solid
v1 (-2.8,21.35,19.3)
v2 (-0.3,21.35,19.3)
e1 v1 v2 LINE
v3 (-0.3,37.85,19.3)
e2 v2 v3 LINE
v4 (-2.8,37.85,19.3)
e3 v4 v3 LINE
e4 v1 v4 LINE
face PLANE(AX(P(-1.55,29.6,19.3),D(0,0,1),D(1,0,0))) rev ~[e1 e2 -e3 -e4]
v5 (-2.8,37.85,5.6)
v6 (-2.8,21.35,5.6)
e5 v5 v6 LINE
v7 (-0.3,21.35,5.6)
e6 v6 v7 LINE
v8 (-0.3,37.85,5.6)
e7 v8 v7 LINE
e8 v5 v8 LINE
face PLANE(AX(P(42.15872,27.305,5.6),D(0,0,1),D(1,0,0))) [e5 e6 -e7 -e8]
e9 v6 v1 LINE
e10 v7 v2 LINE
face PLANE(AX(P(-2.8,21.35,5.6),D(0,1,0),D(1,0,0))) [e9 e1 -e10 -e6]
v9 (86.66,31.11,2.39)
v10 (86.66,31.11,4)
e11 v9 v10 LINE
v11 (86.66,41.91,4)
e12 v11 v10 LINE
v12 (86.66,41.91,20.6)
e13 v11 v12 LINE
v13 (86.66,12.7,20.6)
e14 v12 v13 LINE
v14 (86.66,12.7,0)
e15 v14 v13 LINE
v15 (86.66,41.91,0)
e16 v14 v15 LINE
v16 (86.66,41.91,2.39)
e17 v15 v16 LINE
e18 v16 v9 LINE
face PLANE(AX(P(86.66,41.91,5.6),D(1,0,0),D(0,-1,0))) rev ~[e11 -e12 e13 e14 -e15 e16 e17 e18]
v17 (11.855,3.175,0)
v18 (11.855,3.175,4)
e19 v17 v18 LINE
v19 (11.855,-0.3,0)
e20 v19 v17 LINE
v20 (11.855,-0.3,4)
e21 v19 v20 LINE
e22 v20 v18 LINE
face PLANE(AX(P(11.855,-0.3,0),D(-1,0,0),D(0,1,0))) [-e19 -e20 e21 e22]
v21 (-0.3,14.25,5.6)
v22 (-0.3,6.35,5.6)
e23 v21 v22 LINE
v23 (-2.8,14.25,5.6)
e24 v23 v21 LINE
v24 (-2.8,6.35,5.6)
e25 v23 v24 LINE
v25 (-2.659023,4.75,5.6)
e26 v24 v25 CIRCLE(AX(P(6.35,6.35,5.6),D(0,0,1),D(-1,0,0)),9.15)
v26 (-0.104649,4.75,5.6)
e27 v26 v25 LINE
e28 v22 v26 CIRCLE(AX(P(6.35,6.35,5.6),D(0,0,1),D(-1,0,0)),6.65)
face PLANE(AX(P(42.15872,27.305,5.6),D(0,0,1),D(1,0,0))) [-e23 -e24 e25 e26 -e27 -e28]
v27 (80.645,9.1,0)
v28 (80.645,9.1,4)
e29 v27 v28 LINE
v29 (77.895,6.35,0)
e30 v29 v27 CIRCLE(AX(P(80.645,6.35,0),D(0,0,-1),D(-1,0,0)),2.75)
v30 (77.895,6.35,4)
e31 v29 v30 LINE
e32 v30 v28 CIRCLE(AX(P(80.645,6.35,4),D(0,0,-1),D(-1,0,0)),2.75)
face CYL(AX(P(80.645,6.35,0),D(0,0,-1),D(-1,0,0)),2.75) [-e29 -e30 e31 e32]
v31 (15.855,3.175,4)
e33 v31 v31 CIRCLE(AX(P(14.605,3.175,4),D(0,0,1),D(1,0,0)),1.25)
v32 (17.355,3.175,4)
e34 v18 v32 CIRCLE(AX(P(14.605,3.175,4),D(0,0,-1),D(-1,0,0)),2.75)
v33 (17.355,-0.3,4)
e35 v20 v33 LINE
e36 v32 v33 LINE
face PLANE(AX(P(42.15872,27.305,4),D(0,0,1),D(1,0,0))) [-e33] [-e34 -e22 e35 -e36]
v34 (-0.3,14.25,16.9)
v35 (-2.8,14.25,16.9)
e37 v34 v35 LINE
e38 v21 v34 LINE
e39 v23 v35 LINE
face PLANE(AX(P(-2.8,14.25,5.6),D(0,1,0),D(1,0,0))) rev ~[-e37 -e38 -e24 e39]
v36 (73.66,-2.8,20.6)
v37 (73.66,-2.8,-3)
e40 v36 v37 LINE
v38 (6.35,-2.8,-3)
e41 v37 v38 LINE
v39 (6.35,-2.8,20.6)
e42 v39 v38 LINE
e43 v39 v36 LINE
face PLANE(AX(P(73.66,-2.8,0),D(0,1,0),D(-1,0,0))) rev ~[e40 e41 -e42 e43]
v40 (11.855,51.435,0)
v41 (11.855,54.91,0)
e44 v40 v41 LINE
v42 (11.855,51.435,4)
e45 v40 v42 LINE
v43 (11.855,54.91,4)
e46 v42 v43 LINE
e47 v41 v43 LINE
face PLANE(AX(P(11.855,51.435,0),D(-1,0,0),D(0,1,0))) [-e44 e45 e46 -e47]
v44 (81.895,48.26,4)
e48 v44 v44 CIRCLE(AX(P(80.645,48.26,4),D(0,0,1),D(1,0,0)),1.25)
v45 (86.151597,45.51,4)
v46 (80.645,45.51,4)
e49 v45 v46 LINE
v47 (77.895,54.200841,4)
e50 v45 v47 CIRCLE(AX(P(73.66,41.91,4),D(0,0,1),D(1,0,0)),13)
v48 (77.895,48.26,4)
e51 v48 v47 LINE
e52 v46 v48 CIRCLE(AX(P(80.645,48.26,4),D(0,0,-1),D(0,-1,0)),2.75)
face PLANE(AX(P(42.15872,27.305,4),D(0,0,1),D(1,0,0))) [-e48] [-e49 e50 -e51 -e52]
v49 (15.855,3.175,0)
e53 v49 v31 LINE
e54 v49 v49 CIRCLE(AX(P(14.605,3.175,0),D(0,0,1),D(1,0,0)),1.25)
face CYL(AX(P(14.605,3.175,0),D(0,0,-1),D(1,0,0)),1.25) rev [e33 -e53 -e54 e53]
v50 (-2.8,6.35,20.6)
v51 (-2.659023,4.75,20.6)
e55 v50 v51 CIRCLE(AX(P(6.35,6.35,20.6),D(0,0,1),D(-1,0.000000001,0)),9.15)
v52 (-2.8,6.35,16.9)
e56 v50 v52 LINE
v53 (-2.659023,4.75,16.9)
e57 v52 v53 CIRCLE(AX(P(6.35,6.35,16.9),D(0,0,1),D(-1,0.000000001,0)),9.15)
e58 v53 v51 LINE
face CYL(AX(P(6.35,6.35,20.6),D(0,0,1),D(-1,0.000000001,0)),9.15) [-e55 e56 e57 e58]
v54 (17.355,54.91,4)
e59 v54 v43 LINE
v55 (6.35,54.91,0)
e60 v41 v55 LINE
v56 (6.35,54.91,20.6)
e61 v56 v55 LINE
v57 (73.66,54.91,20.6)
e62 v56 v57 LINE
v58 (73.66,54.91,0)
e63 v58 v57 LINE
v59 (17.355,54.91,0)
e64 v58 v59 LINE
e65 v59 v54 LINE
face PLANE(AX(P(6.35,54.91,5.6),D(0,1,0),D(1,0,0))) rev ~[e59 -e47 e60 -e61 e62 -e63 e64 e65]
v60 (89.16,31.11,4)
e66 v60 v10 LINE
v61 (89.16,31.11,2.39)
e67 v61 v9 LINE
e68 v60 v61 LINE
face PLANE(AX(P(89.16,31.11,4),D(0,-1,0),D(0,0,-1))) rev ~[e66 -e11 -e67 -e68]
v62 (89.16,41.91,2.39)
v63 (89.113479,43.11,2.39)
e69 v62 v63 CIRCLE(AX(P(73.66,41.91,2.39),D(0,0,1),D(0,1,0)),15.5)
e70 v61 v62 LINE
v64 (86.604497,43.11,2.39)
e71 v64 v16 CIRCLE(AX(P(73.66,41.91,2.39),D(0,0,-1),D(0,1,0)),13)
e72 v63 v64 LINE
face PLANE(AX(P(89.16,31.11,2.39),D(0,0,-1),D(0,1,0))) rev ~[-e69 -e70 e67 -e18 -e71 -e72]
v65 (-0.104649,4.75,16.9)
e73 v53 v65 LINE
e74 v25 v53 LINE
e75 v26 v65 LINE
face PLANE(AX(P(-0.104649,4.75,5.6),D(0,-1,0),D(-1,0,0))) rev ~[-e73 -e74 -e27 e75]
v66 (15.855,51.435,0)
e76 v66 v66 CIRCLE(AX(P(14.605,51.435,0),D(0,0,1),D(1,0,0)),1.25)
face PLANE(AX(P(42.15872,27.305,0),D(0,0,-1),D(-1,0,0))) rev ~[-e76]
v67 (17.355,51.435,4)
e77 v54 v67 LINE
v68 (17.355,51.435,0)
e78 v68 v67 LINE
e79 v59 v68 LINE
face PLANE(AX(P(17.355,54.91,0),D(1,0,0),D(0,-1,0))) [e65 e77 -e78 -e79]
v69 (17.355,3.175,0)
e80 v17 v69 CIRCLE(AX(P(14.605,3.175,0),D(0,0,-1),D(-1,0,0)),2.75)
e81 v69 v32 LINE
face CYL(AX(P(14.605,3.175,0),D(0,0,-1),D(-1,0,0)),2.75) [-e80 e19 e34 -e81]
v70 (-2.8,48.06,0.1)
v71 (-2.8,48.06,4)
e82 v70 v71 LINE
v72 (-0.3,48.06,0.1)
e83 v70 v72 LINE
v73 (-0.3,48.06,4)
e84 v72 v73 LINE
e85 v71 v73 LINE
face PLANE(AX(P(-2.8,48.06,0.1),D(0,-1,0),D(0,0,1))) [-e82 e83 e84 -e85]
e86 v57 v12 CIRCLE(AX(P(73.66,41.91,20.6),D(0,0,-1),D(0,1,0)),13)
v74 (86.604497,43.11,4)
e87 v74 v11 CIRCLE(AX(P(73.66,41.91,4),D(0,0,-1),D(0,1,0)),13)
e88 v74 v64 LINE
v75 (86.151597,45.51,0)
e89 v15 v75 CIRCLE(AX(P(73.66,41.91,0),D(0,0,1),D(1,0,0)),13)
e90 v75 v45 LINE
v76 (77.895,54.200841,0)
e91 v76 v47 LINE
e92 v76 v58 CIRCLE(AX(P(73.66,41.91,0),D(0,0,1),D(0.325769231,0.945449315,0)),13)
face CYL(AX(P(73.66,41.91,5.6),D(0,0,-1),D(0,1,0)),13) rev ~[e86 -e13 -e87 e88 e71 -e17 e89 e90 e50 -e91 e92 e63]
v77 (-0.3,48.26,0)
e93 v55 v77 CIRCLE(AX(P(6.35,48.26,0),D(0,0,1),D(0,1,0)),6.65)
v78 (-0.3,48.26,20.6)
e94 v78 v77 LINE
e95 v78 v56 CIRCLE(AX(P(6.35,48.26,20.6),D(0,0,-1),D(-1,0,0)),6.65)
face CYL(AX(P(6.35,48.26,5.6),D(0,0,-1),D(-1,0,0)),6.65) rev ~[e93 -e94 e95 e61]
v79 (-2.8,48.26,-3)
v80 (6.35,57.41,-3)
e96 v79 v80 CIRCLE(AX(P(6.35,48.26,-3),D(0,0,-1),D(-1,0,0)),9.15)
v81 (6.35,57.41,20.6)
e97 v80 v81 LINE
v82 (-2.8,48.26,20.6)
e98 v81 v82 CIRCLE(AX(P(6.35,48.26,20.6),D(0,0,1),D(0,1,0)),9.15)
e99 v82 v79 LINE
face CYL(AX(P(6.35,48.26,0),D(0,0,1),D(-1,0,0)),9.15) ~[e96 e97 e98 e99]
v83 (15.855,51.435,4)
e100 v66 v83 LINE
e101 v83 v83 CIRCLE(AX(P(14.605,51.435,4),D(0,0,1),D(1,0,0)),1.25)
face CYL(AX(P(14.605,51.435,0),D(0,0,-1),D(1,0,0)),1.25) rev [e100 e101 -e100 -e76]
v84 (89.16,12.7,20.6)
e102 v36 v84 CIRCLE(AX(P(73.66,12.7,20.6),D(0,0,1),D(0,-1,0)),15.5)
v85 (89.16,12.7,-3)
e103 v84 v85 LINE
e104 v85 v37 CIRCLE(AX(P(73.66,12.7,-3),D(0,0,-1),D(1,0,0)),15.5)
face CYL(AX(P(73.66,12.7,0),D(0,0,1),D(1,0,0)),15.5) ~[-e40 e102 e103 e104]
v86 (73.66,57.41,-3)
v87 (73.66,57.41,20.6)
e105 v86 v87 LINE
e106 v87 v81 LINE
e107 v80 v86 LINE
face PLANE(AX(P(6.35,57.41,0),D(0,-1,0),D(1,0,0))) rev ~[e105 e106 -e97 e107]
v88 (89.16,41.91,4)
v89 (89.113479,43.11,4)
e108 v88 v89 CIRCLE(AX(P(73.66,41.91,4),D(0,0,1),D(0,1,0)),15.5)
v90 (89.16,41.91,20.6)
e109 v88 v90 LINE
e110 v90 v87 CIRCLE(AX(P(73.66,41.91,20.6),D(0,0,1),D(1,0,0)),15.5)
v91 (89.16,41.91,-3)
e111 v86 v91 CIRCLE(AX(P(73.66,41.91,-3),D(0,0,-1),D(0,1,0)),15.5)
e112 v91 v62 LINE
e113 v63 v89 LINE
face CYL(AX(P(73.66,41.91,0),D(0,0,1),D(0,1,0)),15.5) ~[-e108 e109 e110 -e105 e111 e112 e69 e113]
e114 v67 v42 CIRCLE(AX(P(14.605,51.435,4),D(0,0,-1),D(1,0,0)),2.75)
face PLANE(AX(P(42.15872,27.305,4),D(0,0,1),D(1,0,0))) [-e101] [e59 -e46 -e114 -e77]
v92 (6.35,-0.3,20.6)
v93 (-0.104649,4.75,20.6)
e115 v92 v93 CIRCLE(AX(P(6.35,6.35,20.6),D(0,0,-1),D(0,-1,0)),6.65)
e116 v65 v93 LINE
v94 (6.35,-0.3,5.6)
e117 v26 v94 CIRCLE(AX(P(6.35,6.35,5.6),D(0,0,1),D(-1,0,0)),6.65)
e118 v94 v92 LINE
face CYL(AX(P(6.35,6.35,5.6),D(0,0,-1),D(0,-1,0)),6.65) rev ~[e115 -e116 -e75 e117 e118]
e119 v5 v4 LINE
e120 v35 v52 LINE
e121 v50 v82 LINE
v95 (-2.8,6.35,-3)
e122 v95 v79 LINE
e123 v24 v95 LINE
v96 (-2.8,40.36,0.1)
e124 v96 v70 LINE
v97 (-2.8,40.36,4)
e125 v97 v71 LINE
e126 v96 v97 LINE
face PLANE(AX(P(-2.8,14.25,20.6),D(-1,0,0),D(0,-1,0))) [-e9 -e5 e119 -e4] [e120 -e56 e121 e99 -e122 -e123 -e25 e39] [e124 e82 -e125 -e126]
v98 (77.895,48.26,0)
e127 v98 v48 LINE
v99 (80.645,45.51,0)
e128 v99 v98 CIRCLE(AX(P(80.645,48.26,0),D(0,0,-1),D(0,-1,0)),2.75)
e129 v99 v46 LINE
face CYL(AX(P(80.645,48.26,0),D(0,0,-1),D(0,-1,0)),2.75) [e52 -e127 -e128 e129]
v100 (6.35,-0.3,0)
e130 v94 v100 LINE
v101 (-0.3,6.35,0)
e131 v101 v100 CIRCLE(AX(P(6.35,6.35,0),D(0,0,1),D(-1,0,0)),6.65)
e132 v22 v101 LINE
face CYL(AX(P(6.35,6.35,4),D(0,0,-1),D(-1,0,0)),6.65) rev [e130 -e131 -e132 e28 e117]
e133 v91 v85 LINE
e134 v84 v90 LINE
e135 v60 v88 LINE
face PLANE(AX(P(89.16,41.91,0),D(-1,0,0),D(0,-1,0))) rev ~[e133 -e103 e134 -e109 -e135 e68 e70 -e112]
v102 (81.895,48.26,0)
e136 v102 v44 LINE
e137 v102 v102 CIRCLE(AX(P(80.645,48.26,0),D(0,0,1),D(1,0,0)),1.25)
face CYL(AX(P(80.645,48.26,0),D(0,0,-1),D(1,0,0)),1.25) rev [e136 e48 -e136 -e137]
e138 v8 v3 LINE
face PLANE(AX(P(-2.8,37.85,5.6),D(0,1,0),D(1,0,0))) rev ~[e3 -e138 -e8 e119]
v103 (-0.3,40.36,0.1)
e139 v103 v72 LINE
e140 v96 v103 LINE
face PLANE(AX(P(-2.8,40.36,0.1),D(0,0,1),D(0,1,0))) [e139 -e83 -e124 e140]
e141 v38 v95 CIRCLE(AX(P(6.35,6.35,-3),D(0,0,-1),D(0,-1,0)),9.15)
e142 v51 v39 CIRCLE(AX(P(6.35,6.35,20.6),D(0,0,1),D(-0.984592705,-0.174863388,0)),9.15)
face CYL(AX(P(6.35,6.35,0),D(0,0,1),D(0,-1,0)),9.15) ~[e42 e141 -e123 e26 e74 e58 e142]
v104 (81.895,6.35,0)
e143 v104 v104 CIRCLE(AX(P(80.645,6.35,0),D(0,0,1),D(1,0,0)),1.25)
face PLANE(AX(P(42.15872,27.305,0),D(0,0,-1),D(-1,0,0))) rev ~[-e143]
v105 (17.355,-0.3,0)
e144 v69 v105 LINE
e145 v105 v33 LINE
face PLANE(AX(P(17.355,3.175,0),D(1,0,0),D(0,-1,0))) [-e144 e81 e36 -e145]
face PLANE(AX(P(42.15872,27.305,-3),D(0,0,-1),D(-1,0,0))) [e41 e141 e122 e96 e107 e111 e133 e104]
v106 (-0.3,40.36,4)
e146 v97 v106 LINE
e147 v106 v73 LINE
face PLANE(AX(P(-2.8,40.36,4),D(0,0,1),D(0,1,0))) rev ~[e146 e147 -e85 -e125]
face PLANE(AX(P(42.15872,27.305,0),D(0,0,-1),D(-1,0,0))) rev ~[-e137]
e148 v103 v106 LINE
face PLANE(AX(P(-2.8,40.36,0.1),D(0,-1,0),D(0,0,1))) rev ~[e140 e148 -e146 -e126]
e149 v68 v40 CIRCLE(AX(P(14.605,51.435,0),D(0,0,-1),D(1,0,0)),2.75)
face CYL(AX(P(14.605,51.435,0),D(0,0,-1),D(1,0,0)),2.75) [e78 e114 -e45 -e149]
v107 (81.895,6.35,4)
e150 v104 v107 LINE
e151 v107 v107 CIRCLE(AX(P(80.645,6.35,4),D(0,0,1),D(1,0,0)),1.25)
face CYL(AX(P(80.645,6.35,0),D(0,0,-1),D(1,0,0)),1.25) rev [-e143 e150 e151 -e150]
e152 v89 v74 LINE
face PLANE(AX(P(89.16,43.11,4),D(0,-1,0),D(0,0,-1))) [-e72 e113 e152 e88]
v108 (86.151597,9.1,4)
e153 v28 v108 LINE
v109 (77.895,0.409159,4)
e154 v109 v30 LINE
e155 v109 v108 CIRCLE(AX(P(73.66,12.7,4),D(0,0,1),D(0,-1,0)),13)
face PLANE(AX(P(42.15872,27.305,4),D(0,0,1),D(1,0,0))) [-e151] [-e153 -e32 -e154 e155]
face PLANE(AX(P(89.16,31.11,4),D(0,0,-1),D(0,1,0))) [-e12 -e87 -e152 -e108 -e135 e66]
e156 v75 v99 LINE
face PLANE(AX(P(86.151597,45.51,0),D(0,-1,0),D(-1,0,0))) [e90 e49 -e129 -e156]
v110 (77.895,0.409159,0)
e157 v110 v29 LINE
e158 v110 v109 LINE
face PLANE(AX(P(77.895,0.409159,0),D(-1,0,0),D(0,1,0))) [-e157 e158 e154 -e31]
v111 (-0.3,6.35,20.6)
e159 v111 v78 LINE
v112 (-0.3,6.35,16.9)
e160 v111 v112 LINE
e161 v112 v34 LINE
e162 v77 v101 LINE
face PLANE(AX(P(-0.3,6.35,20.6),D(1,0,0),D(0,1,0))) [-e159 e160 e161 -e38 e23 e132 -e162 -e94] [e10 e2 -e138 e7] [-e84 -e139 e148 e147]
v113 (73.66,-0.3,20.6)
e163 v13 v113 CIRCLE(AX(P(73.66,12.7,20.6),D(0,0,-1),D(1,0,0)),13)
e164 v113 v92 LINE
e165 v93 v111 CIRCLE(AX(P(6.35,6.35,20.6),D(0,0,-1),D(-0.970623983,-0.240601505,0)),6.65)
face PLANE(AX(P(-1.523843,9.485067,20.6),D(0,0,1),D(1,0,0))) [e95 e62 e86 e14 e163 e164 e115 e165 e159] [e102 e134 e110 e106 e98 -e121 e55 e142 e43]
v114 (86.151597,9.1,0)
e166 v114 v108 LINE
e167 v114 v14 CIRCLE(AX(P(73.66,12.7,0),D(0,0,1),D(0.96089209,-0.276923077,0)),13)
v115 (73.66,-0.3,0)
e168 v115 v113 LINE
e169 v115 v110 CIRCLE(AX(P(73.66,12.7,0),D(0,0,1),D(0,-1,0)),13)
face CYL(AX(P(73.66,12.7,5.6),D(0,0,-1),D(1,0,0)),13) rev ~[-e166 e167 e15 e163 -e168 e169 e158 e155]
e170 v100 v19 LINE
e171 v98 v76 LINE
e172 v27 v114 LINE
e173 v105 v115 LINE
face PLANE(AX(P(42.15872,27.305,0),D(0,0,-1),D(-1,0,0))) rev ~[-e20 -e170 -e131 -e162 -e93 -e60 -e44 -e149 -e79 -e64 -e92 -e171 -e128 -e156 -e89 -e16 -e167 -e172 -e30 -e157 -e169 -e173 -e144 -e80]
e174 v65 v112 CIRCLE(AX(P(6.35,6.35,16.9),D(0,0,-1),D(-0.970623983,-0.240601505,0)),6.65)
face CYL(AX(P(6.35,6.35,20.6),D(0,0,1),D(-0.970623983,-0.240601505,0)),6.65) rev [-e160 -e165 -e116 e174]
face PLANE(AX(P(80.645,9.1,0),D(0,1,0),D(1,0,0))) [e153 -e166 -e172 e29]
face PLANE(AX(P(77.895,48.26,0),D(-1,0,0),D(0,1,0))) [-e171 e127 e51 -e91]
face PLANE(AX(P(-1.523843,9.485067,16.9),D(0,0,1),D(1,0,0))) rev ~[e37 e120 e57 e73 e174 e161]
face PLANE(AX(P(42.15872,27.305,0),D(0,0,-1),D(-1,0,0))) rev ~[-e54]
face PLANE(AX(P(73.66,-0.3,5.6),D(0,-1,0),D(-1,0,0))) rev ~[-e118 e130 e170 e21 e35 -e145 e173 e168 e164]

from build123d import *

# Parameters (mm, degrees)
SKETCH5_R                    = 1.25
BOTTOM_FRAME_DEPTH           = 4
PCB_DEPTH                    = 1.6
SKETCH7_W                    = 2.5
SKETCH7_H                    = 7.1
UPPER_FRAME_DEPTH            = 15
BOTTOM_DEPTH                 = 3
SKETCH9_W                    = 2.5
SKETCH9_H                    = 16.5
NETWORK_CONNECTOR_BOSS_DEPTH = 1.3
BOSS_EXTRUDE8_DEPTH          = 3.7
MINI_USB_REACH               = 93.96
SKETCH11_W                   = 3.9
SKETCH11_H                   = 7.7
CUT_EXTRUDE3_REACH           = 93.96
SKETCH12_W                   = 1.61
SKETCH12_H                   = 12


with BuildPart() as part:
    # Sketch5 → Bottom frame (new body)
    with BuildSketch(Plane.XY):
        with BuildLine():
            Line((73.66, 57.41), (6.35, 57.41))
            ThreePointArc((6.35, 57.41), (-0.120027048, 54.730027048), (-2.8, 48.26))
            Line((-2.8, 48.26), (-2.8, 6.35))
            ThreePointArc((-2.8, 6.35), (-0.120027048, -0.120027048), (6.35, -2.8))
            Line((6.35, -2.8), (73.66, -2.8))
            ThreePointArc((73.66, -2.8), (84.620155108, 1.739844892), (89.16, 12.7))
            Line((89.16, 12.7), (89.16, 41.91))
            ThreePointArc((89.16, 41.91), (84.620155108, 52.870155108), (73.66, 57.41))
        make_face()
        with Locations((14.605, 51.435)):
            Circle(SKETCH5_R, mode=Mode.SUBTRACT)
        with Locations((80.645, 48.26)):
            Circle(SKETCH5_R, mode=Mode.SUBTRACT)
        with Locations((80.645, 6.35)):
            Circle(SKETCH5_R, mode=Mode.SUBTRACT)
        with Locations((14.605, 3.175)):
            Circle(SKETCH5_R, mode=Mode.SUBTRACT)
        with BuildLine():
            Line((73.66, 54.91), (17.355, 54.91))
            Line((17.355, 54.91), (17.355, 51.435))
            ThreePointArc((17.355, 51.435), (14.605, 48.685), (11.855, 51.435))
            Line((11.855, 51.435), (11.855, 54.91))
            Line((11.855, 54.91), (6.35, 54.91))
            ThreePointArc((6.35, 54.91), (1.647739905, 52.962260095), (-0.3, 48.26))
            Line((-0.3, 48.26), (-0.3, 6.35))
            ThreePointArc((-0.3, 6.35), (1.647739905, 1.647739905), (6.35, -0.3))
            Line((6.35, -0.3), (11.855, -0.3))
            Line((11.855, -0.3), (11.855, 3.175))
            ThreePointArc((11.855, 3.175), (14.605, 5.925), (17.355, 3.175))
            Line((17.355, 3.175), (17.355, -0.3))
            Line((17.355, -0.3), (73.66, -0.3))
            ThreePointArc((73.66, -0.3), (75.806982263, -0.121484593), (77.895, 0.409158898))
            Line((77.895, 0.409158898), (77.895, 6.35))
            ThreePointArc((77.895, 6.35), (78.700456352, 8.294543648), (80.645, 9.1))
            Line((80.645, 9.1), (86.151597176, 9.1))
            ThreePointArc((86.151597176, 9.1), (86.532271814, 10.882139071), (86.66, 12.7))
            Line((86.66, 12.7), (86.66, 41.91))
            ThreePointArc((86.66, 41.91), (86.532271814, 43.727860929), (86.151597176, 45.51))
            Line((86.151597176, 45.51), (80.645, 45.51))
            ThreePointArc((80.645, 45.51), (78.700456352, 46.315456352), (77.895, 48.26))
            Line((77.895, 48.26), (77.895, 54.200841102))
            ThreePointArc((77.895, 54.200841102), (75.806982263, 54.731484593), (73.66, 54.91))
        make_face(mode=Mode.SUBTRACT)
    extrude(amount=BOTTOM_FRAME_DEPTH)

    # Sketch6 → PCB (add)
    with BuildSketch(Plane.XY.offset(4)):
        with BuildLine():
            Line((73.66, 57.41), (6.35, 57.41))
            ThreePointArc((6.35, 57.41), (-0.120027048, 54.730027048), (-2.8, 48.26))
            Line((-2.8, 48.26), (-2.8, 6.35))
            ThreePointArc((-2.8, 6.35), (-0.120027048, -0.120027048), (6.35, -2.8))
            Line((6.35, -2.8), (73.66, -2.8))
            ThreePointArc((73.66, -2.8), (84.620155108, 1.739844892), (89.16, 12.7))
            Line((89.16, 12.7), (89.16, 41.91))
            ThreePointArc((89.16, 41.91), (84.620155108, 52.870155108), (73.66, 57.41))
        make_face()
        with BuildLine():
            Line((-0.3, 48.26), (-0.3, 6.35))
            ThreePointArc((-0.3, 6.35), (1.647739905, 1.647739905), (6.35, -0.3))
            Line((6.35, -0.3), (73.66, -0.3))
            ThreePointArc((73.66, -0.3), (82.852388155, 3.507611845), (86.66, 12.7))
            Line((86.66, 12.7), (86.66, 41.91))
            ThreePointArc((86.66, 41.91), (82.852388155, 51.102388155), (73.66, 54.91))
            Line((73.66, 54.91), (6.35, 54.91))
            ThreePointArc((6.35, 54.91), (1.647739905, 52.962260095), (-0.3, 48.26))
        make_face(mode=Mode.SUBTRACT)
    extrude(amount=PCB_DEPTH)

    # Sketch7 → upper frame (add)
    with BuildSketch(Plane.XY.offset(5.6)):
        with BuildLine():
            Line((6.35, 54.91), (73.66, 54.91))
            ThreePointArc((73.66, 54.91), (82.852388155, 51.102388155), (86.66, 41.91))
            Line((86.66, 41.91), (86.66, 12.7))
            ThreePointArc((86.66, 12.7), (82.852388155, 3.507611845), (73.66, -0.3))
            Line((73.66, -0.3), (6.35, -0.3))
            ThreePointArc((6.35, -0.3), (2.252287223, 1.112514916), (-0.104649487, 4.75))
            Line((-0.104649487, 4.75), (-2.659023254, 4.75))
            ThreePointArc((-2.659023254, 4.75), (0.472819554, -0.662934479), (6.35, -2.8))
            Line((6.35, -2.8), (73.66, -2.8))
            ThreePointArc((73.66, -2.8), (84.620155108, 1.739844892), (89.16, 12.7))
            Line((89.16, 12.7), (89.16, 41.91))
            ThreePointArc((89.16, 41.91), (84.620155108, 52.870155108), (73.66, 57.41))
            Line((73.66, 57.41), (6.35, 57.41))
            ThreePointArc((6.35, 57.41), (-0.120027048, 54.730027048), (-2.8, 48.26))
            Line((-2.8, 48.26), (-2.8, 37.85))
            Line((-2.8, 37.85), (-0.3, 37.85))
            Line((-0.3, 37.85), (-0.3, 48.26))
            ThreePointArc((-0.3, 48.26), (1.647739905, 52.962260095), (6.35, 54.91))
        make_face()
        with Locations((-1.55, 17.8)):
            Rectangle(SKETCH7_W, SKETCH7_H)
    extrude(amount=UPPER_FRAME_DEPTH)

    # Sketch8 → bottom (add)
    with BuildSketch(Plane(origin=(0, 0, 0), x_dir=(-1, 0, 0), z_dir=(0, 0, -1))):
        with BuildLine():
            Line((-89.16, 41.91), (-89.16, 12.7))
            ThreePointArc((-89.16, 12.7), (-84.620155108, 1.739844892), (-73.66, -2.8))
            Line((-73.66, -2.8), (-6.35, -2.8))
            ThreePointArc((-6.35, -2.8), (0.120027048, -0.120027048), (2.8, 6.35))
            Line((2.8, 6.35), (2.8, 48.26))
            ThreePointArc((2.8, 48.26), (0.120027048, 54.730027048), (-6.35, 57.41))
            Line((-6.35, 57.41), (-73.66, 57.41))
            ThreePointArc((-73.66, 57.41), (-84.620155108, 52.870155108), (-89.16, 41.91))
        make_face()
    extrude(amount=BOTTOM_DEPTH)

    # Sketch9 → network connector boss (add)
    with BuildSketch(Plane.XY.offset(20.6)):
        with Locations((-1.55, 29.6)):
            Rectangle(SKETCH9_W, SKETCH9_H)
    extrude(amount=-NETWORK_CONNECTOR_BOSS_DEPTH)

    # Sketch10 → Boss-Extrude8 (add)
    with BuildSketch(Plane.XY.offset(20.6)):
        with BuildLine():
            Line((-0.3, 14.25), (-2.8, 14.25))
            Line((-2.8, 14.25), (-2.8, 6.35))
            ThreePointArc((-2.8, 6.35), (-2.764687674, 5.546900622), (-2.659023254, 4.75))
            Line((-2.659023254, 4.75), (-0.104649487, 4.75))
            ThreePointArc((-0.104649487, 4.75), (-0.250981711, 5.544059273), (-0.3, 6.35))
            Line((-0.3, 6.35), (-0.3, 14.25))
        make_face()
    extrude(amount=-BOSS_EXTRUDE8_DEPTH)

    # Sketch11 → mini-USB (cut, up to next)
    with BuildSketch(Plane.ZY.offset(2.8), mode=Mode.PRIVATE) as mini_usb_sk1:
        with Locations((2.05, 44.21)):
            Rectangle(SKETCH11_W, SKETCH11_H)
    mini_usb_tool1 = extrude(mini_usb_sk1.sketch, amount=-MINI_USB_REACH, mode=Mode.PRIVATE) & part.part
    add(mini_usb_tool1.solids().sort_by_distance((-2.8, 44.21, 2.05))[0], mode=Mode.SUBTRACT)

    # Sketch12 → Cut-Extrude3 (cut, up to next)
    with BuildSketch(Plane(origin=(89.16, 0, 0), x_dir=(0, 0, -1), z_dir=(1, 0, 0)), mode=Mode.PRIVATE) as cut_extrude3_sk1:
        with Locations((-3.195, 37.11)):
            Rectangle(SKETCH12_W, SKETCH12_H)
    cut_extrude3_tool1 = extrude(cut_extrude3_sk1.sketch, amount=-CUT_EXTRUDE3_REACH, mode=Mode.PRIVATE) & part.part
    add(cut_extrude3_tool1.solids().sort_by_distance((89.16, 37.11, 3.195))[0], mode=Mode.SUBTRACT)


solid = part.part
